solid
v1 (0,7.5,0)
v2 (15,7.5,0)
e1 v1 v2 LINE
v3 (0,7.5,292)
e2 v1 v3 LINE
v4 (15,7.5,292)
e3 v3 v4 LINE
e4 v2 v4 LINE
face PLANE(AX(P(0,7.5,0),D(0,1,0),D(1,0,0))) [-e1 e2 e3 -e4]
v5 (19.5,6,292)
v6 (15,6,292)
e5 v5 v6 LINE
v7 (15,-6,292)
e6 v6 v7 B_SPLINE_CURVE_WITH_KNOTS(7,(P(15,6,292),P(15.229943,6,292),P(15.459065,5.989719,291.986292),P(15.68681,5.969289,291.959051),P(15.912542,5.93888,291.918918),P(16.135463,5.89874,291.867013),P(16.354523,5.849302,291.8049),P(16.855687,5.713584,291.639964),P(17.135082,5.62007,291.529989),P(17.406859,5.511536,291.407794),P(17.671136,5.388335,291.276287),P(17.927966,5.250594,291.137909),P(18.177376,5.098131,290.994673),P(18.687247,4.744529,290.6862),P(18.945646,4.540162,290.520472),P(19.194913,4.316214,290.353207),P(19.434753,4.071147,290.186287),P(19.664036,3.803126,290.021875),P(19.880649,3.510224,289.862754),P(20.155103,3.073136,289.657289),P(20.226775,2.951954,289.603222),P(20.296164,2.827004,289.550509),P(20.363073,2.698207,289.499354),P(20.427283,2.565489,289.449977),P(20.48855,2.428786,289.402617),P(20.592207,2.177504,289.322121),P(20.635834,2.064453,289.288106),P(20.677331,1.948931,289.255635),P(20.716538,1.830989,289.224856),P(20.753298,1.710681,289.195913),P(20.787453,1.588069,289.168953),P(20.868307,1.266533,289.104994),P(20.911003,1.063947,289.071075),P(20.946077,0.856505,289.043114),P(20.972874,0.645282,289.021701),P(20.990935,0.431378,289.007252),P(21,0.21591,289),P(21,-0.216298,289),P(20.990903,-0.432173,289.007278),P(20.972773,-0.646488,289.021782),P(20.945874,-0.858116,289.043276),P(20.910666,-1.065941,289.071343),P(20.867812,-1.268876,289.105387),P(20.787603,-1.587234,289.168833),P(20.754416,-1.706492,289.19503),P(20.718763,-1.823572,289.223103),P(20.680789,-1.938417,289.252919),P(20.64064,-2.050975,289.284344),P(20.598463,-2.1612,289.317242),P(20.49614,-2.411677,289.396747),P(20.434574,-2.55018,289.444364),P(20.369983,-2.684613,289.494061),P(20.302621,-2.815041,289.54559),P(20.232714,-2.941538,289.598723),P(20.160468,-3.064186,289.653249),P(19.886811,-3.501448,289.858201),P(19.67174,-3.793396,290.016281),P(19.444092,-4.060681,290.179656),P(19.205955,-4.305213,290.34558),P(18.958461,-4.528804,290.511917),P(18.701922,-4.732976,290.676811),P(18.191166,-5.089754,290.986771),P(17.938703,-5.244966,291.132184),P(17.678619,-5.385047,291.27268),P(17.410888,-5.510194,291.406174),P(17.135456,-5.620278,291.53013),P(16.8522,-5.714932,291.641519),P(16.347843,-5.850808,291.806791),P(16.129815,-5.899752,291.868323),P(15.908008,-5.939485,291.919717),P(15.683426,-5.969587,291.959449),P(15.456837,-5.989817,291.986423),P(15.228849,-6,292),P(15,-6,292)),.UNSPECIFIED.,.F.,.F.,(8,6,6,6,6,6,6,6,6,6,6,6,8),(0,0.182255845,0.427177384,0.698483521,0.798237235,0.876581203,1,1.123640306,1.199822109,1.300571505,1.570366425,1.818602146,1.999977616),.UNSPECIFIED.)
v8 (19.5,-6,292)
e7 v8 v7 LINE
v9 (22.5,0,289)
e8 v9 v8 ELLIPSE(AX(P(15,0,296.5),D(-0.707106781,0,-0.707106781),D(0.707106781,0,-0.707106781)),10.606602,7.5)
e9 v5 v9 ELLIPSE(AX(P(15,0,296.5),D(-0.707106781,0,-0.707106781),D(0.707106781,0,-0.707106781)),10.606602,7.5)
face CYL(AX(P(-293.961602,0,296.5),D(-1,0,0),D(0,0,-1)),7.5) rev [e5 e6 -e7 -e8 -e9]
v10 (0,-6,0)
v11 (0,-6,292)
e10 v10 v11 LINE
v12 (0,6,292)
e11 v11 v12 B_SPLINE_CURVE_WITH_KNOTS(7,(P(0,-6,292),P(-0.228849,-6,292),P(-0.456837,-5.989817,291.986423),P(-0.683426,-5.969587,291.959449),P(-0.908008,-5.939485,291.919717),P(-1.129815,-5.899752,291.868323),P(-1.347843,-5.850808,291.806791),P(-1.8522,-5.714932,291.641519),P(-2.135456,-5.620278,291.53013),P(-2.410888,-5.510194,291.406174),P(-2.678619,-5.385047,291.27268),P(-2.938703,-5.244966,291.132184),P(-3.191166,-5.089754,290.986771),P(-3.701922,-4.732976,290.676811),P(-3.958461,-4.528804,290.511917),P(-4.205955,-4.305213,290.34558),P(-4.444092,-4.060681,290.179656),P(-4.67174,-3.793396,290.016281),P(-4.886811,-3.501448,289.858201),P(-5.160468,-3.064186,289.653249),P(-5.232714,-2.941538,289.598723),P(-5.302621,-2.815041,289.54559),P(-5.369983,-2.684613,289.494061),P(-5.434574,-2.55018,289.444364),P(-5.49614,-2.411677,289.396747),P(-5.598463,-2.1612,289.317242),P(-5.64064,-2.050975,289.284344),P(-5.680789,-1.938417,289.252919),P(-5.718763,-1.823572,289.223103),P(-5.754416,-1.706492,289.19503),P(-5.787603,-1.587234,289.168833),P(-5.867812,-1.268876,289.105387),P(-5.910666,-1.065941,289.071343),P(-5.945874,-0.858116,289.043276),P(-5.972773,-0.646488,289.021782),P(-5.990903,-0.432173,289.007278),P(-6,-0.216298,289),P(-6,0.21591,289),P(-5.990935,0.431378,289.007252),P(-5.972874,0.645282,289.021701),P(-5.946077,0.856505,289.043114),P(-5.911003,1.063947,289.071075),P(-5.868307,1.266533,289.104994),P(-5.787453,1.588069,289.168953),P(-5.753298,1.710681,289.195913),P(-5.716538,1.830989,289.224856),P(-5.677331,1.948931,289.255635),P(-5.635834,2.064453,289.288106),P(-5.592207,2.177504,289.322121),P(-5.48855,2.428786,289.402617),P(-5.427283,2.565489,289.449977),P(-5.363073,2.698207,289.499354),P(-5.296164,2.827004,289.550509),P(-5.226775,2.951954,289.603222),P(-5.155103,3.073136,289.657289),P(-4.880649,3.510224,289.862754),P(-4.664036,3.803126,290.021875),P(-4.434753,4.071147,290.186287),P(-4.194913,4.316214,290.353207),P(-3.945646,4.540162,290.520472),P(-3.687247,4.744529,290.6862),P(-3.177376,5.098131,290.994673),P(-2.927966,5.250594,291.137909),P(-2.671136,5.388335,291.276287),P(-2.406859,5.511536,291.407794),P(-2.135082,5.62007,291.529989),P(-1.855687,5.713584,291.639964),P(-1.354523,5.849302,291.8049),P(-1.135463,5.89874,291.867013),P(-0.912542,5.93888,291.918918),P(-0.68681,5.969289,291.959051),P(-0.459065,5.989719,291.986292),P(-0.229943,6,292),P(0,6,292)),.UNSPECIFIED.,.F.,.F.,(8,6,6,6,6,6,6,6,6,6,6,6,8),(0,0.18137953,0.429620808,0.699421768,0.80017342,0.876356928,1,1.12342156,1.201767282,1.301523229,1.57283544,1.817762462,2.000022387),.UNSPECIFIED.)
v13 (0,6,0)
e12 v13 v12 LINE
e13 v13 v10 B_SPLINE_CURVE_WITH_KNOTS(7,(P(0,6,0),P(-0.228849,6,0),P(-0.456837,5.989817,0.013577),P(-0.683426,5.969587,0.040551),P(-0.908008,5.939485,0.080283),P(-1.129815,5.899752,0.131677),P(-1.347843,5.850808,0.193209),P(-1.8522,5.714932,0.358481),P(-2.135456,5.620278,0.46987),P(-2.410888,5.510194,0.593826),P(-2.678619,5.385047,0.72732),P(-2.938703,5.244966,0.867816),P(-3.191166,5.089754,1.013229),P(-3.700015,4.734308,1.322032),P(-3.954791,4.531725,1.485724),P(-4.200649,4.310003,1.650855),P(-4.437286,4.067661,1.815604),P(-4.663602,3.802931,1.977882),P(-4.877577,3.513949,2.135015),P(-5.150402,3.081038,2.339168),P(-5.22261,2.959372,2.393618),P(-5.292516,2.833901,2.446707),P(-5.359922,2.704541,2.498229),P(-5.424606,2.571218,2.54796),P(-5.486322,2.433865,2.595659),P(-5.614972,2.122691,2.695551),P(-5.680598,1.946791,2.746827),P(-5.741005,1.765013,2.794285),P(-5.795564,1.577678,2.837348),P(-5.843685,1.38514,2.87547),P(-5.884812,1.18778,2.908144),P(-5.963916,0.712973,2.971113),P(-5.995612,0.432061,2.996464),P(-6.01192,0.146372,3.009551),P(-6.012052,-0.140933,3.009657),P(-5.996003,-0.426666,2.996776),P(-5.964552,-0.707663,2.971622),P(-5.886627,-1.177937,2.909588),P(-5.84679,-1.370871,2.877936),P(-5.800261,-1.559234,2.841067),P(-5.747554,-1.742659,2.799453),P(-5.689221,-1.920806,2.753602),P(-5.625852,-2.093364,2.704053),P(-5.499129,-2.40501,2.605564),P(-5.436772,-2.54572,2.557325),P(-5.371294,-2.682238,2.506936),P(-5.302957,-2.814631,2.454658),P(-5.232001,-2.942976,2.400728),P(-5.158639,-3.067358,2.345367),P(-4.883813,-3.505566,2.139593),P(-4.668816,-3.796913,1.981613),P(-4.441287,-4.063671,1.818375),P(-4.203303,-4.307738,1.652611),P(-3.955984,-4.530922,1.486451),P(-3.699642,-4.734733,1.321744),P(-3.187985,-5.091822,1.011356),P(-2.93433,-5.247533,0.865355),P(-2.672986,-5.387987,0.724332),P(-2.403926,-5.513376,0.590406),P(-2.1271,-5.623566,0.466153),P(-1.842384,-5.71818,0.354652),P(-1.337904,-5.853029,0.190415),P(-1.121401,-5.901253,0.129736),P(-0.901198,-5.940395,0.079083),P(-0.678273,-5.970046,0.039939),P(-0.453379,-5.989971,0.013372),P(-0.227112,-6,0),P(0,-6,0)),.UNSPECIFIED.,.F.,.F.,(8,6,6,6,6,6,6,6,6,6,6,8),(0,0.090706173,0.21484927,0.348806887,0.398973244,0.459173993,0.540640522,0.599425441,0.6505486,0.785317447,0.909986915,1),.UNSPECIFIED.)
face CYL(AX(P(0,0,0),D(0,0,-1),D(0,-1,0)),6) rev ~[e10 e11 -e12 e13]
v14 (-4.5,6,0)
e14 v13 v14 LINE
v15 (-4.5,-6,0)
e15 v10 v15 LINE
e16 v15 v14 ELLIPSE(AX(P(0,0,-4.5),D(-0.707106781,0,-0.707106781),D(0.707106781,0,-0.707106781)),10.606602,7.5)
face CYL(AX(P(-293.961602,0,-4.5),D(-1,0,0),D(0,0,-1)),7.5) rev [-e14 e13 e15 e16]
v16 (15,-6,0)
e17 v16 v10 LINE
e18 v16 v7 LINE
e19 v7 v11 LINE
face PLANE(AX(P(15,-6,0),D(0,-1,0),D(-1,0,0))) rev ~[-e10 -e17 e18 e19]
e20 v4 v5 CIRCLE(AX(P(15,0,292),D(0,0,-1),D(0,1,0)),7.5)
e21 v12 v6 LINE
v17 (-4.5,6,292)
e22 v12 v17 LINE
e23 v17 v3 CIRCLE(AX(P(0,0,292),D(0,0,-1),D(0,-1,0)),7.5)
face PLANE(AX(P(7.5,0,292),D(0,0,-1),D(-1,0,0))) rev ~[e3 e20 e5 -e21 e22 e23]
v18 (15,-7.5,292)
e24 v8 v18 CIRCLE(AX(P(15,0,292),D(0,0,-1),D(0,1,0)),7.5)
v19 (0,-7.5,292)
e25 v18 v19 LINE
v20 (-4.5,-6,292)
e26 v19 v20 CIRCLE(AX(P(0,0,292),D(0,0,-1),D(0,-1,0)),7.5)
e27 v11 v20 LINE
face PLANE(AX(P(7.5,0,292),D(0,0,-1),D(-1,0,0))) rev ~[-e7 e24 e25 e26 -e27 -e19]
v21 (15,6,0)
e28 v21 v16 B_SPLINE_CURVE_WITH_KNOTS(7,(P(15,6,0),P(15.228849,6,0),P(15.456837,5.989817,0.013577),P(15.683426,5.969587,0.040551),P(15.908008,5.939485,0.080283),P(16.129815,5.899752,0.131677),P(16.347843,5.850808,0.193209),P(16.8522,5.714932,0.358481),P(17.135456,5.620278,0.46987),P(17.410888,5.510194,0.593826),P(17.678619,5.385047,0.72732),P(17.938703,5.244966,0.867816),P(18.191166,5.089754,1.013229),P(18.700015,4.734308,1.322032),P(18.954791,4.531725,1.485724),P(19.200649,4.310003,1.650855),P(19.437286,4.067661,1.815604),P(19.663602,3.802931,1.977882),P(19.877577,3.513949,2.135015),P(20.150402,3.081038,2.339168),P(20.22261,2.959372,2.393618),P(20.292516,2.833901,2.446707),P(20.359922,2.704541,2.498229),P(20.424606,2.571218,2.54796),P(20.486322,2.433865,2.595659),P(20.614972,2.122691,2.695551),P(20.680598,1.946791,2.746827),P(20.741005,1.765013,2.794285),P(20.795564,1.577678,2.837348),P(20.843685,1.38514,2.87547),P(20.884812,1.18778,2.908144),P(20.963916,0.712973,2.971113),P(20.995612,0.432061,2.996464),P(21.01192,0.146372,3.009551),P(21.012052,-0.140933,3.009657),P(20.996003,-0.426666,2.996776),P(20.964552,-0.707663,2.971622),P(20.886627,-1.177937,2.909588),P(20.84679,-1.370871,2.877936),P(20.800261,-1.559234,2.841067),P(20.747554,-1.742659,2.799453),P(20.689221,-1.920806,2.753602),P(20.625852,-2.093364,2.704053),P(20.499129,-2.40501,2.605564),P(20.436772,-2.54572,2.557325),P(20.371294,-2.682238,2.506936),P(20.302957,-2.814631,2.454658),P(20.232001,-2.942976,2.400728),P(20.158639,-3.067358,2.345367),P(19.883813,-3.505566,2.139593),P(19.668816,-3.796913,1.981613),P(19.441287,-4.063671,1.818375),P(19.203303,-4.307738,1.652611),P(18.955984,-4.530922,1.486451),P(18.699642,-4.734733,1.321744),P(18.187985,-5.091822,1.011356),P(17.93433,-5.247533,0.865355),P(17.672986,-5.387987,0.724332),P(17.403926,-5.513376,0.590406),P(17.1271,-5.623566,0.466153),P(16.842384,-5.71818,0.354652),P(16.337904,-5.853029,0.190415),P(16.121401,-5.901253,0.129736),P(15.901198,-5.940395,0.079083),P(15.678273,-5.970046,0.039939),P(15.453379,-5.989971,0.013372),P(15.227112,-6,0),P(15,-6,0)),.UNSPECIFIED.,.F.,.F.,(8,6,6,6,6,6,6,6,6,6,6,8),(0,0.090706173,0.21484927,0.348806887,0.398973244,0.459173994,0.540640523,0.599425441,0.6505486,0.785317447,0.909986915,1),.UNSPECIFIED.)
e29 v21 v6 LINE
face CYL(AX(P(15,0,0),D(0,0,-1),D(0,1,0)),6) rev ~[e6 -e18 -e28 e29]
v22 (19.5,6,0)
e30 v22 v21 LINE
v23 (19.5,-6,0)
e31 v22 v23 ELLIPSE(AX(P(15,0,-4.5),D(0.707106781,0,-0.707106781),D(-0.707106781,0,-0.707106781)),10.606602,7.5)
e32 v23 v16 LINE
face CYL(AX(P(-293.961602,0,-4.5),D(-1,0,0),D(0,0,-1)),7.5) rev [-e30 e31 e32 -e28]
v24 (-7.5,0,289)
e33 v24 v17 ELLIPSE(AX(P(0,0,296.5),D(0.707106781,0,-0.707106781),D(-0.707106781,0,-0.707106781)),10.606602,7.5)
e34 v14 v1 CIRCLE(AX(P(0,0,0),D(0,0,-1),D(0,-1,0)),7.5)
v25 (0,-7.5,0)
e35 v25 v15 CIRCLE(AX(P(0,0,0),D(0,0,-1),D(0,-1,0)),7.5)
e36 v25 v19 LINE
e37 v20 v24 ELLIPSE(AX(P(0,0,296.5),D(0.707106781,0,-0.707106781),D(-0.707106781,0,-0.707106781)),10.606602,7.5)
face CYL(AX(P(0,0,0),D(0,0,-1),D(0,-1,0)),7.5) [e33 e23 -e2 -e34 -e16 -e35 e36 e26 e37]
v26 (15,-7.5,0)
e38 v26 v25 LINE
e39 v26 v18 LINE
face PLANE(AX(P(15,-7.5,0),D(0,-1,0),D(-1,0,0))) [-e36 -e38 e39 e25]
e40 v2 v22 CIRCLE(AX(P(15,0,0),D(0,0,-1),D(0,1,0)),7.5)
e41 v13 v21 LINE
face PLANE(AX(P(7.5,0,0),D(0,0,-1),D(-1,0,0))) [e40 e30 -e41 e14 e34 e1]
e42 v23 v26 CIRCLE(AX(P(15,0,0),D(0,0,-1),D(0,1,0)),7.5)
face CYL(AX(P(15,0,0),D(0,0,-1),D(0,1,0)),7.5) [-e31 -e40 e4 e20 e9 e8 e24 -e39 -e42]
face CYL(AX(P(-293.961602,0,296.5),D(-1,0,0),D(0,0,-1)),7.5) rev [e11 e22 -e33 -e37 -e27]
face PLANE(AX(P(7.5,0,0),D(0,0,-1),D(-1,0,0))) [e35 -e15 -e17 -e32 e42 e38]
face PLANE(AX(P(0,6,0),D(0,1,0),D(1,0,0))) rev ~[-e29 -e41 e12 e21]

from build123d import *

# Parameters (mm, degrees)
EXTRUDE_1_DEPTH          = 292
CUT_EXTRUDE_1_DEPTH      = 293.961601579
CUT_EXTRUDE_1_DEPTH_BACK = 293.961601579
SKETCH_2_R               = 7.5


with BuildPart() as part:
    # Эскиз1 → Бобышка-Вытянуть1 (new body)
    with BuildSketch(Plane.XY):
        with BuildLine():
            Line((0, 7.5), (15, 7.5))
            ThreePointArc((15, 7.5), (22.5, 0), (15, -7.5))
            Line((15, -7.5), (0, -7.5))
            ThreePointArc((0, -7.5), (-7.5, 0), (0, 7.5))
        make_face()
        with BuildLine():
            Line((0, 6), (15, 6))
            ThreePointArc((15, 6), (21, 0), (15, -6))
            Line((15, -6), (0, -6))
            ThreePointArc((0, -6), (-6, 0), (0, 6))
        make_face(mode=Mode.SUBTRACT)
    extrude(amount=EXTRUDE_1_DEPTH)

    # Эскиз2 → Вырез-Вытянуть1 (cut, two sides: drawn at the far end of the back side and taken through both)
    with BuildSketch(Plane(origin=(0, 0, 0), x_dir=(0, 0, -1), z_dir=(1, 0, 0)).offset(-CUT_EXTRUDE_1_DEPTH_BACK)):
        with Locations((4.5, 0)):
            Circle(SKETCH_2_R)
        with Locations((-296.5, 0)):
            Circle(SKETCH_2_R)
    extrude(amount=CUT_EXTRUDE_1_DEPTH + CUT_EXTRUDE_1_DEPTH_BACK, mode=Mode.SUBTRACT)


solid = part.part
